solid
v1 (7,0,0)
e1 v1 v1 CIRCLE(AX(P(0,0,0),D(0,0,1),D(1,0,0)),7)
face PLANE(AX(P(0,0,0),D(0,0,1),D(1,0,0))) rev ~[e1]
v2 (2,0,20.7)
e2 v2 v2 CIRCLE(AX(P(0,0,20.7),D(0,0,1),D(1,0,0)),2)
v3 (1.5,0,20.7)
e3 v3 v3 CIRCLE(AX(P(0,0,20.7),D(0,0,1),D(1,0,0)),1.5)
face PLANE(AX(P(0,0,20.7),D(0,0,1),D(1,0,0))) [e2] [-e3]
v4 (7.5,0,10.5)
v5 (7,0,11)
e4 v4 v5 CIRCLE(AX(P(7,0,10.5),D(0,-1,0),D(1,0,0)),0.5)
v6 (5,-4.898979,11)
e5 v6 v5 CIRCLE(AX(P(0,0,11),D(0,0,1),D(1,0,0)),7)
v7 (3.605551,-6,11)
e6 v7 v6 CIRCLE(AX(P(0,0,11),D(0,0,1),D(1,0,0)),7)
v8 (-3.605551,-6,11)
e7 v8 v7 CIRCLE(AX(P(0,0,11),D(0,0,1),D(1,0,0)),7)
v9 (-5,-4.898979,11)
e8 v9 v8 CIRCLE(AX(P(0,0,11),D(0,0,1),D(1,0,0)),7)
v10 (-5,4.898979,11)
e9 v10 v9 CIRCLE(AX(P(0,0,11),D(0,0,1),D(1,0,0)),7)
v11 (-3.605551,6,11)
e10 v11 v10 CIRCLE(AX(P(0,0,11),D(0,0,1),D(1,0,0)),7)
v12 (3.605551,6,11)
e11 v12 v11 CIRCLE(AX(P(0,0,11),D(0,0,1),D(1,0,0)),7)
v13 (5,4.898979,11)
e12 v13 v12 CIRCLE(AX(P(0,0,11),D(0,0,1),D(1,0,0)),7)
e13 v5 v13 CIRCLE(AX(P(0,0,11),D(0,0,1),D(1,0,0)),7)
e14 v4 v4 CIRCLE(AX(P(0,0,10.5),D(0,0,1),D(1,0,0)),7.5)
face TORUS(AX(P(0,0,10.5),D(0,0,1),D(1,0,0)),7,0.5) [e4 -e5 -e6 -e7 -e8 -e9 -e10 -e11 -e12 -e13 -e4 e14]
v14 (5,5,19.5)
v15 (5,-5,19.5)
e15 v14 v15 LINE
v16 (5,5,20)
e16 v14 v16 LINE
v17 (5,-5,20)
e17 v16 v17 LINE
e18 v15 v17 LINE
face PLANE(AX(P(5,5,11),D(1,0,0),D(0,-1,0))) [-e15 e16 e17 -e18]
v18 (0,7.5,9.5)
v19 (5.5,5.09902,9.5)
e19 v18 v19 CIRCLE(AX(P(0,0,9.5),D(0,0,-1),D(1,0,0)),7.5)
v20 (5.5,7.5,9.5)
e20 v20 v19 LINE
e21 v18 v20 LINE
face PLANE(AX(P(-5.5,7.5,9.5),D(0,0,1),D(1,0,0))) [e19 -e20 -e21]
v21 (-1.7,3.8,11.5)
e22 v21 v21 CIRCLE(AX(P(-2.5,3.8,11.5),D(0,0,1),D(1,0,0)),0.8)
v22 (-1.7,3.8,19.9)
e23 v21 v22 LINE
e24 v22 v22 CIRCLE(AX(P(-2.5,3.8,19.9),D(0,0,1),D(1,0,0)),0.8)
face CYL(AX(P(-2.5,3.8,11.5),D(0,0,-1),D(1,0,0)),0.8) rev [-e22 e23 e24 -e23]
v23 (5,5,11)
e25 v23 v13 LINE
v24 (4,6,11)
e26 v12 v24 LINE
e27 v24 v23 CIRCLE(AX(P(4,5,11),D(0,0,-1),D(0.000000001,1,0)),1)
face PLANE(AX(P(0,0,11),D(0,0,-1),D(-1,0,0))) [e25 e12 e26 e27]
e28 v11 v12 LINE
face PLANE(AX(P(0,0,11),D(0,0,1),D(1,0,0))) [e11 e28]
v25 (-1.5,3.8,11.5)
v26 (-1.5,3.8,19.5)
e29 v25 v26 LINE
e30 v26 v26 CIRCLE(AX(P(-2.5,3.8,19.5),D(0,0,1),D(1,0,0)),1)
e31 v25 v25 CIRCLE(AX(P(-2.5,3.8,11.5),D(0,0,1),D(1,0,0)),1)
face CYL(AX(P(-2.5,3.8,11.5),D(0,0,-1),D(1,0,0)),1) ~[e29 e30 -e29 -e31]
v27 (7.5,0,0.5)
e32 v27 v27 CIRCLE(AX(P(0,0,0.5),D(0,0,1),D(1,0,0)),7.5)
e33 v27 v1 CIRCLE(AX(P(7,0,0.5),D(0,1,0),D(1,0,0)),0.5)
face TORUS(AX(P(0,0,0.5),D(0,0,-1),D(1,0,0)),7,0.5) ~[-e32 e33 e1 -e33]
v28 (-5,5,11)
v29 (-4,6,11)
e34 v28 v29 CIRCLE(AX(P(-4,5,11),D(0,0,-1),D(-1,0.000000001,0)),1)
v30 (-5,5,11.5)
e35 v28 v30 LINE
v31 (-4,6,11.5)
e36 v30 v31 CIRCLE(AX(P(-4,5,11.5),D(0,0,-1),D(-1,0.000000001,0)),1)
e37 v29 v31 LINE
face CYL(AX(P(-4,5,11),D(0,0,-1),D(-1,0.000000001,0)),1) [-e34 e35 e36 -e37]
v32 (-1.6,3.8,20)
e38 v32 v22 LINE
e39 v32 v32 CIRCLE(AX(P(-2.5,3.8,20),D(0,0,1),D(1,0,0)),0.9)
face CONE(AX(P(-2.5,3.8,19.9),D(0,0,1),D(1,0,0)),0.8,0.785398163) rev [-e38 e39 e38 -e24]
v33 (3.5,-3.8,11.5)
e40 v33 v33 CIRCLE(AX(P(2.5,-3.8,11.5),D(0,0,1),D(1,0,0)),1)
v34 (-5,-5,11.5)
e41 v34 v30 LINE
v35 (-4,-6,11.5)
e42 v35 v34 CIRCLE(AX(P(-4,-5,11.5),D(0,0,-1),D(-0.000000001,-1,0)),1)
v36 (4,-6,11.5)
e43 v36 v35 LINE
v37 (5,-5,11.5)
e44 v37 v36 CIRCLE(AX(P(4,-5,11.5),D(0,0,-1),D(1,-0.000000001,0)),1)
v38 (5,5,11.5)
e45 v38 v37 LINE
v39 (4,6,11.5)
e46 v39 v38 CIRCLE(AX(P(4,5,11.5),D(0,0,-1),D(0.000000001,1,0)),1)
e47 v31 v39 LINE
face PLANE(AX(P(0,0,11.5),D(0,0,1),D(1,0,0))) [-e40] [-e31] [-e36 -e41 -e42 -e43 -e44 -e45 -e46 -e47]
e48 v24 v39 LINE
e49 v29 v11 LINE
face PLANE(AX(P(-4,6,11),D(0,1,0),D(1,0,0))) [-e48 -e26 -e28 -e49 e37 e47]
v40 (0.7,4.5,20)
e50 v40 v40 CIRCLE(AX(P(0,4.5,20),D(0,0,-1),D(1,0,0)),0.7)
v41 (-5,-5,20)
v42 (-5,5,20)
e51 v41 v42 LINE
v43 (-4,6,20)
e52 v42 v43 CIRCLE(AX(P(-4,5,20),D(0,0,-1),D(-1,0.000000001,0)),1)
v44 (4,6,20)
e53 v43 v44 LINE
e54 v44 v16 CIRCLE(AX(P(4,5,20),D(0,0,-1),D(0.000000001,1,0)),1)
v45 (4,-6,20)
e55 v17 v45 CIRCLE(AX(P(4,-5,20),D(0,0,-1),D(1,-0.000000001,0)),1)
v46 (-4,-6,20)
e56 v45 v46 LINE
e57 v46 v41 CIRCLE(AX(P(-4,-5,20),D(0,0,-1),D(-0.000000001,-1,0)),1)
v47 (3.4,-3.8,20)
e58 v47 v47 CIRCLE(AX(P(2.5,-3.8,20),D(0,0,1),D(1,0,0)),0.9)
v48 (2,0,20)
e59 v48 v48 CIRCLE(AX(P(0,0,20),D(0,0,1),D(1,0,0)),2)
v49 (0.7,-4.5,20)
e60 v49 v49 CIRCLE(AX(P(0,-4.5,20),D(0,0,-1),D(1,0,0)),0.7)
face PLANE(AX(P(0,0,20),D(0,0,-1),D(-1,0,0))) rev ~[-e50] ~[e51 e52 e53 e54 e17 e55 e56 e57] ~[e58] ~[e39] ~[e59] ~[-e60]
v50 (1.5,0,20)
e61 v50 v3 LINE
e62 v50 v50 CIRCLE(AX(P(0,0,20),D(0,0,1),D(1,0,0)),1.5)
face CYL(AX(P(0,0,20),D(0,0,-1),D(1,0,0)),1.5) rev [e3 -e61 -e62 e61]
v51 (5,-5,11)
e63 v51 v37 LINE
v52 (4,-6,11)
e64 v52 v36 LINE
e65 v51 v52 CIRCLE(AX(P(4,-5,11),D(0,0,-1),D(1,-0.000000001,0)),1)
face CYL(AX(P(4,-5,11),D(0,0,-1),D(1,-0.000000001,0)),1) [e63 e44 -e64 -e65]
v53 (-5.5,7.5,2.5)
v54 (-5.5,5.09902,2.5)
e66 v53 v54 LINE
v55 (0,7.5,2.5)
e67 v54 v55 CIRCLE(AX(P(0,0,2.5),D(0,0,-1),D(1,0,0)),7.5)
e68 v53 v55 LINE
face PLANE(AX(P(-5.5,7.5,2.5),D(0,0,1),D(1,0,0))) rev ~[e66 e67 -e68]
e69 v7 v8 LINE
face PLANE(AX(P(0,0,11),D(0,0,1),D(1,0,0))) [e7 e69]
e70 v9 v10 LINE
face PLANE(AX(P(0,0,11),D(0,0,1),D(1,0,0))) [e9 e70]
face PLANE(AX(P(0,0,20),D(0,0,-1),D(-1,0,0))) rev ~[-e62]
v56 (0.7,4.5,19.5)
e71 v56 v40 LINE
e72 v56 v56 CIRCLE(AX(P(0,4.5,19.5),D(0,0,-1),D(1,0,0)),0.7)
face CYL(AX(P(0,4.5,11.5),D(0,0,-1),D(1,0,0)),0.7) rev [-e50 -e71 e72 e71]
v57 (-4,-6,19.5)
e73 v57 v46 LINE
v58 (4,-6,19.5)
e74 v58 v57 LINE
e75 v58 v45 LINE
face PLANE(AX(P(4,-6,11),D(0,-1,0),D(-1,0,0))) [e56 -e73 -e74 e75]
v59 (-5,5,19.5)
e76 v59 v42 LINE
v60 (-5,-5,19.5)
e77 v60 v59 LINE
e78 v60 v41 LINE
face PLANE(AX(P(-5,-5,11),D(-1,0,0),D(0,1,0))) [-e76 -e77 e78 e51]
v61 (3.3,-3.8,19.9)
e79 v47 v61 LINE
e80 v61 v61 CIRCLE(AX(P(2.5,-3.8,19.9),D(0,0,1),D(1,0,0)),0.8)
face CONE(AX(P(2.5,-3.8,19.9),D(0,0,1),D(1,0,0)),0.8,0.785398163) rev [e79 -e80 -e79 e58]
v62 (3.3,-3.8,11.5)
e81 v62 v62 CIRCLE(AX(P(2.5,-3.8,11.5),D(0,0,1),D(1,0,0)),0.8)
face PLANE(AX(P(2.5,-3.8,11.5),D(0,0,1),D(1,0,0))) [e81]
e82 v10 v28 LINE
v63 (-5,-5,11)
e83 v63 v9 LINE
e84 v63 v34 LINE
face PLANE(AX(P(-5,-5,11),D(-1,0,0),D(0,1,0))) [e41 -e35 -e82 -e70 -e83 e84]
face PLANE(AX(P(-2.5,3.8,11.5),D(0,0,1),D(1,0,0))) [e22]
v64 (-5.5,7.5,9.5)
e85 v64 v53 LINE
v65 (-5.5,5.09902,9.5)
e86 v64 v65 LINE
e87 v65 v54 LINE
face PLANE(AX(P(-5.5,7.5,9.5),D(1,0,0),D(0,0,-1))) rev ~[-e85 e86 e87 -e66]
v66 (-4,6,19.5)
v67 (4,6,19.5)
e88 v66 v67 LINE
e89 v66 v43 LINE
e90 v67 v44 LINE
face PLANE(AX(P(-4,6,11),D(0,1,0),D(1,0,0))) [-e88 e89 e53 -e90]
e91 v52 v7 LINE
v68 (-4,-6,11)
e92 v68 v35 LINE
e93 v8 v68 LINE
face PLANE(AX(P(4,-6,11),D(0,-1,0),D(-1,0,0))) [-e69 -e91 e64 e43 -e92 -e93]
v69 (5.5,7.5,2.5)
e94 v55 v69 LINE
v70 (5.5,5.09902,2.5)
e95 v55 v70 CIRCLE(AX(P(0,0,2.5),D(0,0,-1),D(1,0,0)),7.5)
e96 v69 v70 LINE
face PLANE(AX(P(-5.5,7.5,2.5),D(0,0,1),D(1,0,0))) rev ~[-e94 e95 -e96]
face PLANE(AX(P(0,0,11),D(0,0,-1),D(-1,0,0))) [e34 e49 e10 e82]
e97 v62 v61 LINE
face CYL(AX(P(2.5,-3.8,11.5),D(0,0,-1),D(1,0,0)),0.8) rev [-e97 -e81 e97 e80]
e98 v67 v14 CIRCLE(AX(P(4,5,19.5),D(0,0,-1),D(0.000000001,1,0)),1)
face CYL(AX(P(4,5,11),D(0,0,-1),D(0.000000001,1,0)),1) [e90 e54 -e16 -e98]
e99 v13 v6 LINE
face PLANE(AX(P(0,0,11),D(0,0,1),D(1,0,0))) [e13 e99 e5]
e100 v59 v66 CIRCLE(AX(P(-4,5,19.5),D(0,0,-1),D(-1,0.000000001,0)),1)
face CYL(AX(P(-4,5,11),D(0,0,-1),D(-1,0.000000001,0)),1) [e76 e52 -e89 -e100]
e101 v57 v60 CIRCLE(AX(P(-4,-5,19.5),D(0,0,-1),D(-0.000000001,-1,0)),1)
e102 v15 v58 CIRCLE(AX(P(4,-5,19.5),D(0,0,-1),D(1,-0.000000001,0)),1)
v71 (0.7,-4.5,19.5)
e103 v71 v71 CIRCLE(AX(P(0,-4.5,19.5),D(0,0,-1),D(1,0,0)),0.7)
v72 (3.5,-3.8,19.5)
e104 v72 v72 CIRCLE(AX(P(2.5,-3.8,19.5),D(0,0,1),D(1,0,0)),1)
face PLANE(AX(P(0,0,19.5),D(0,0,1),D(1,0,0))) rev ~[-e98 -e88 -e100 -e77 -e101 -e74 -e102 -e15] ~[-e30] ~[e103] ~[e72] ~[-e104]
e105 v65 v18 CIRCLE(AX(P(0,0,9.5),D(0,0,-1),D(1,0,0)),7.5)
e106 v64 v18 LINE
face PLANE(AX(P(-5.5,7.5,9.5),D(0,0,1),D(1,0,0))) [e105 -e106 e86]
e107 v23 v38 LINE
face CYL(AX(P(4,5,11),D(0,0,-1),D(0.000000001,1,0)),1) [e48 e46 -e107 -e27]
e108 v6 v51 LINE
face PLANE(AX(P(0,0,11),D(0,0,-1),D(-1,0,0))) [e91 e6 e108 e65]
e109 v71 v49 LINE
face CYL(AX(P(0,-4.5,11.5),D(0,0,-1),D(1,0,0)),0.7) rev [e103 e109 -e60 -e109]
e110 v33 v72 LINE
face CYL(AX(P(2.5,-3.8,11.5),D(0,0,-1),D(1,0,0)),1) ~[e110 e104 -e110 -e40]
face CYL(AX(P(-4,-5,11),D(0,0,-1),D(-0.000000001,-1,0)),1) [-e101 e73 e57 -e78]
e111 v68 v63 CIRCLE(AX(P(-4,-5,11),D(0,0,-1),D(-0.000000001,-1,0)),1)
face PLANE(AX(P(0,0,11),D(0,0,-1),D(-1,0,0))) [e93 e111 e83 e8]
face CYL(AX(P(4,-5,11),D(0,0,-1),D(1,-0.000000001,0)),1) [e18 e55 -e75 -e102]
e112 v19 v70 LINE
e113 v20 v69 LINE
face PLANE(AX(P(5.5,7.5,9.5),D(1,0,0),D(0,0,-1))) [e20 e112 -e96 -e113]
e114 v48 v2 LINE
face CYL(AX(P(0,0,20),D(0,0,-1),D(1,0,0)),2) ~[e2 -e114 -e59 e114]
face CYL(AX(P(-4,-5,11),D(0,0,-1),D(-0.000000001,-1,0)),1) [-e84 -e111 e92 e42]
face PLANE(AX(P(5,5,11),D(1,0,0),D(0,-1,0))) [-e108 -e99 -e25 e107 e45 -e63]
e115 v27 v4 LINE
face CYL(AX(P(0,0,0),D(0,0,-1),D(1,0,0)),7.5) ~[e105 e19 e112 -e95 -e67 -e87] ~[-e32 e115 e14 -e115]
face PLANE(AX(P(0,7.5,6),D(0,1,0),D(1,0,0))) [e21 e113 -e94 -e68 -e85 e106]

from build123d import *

# Parameters (mm, degrees)
SKETCH1_R           = 7.5
BOSS_EXTRUDE1_DEPTH = 11
FILLET1_R           = 0.5
BOSS_EXTRUDE2_DEPTH = 9
SKETCH3_W           = 20
SKETCH3_H           = 20
CUT_EXTRUDE4_DEPTH  = 4
SKETCH5_R           = 1
BOSS_EXTRUDE3_DEPTH = 8
SKETCH5_3_R         = 0.7
CUT_EXTRUDE5_DEPTH  = 10
SKETCH5_4_R         = 0.8
CUT_EXTRUDE6_DEPTH  = 8.5
SKETCH6_R           = 2
SKETCH6_R_2         = 1.5
BOSS_EXTRUDE4_DEPTH = 0.7
CHAMFER1_SIZE       = 0.1
SKETCH9_W           = 11
SKETCH9_H           = 7
BOSS_EXTRUDE6_DEPTH = 3


with BuildPart() as part:
    # Sketch1 → Boss-Extrude1 (new body)
    with BuildSketch(Plane.XY):
        Circle(SKETCH1_R)
    extrude(amount=BOSS_EXTRUDE1_DEPTH)

    # Fillet1
    fillet1_edges = [part.edges().sort_by_distance(p)[0] for p in [
        (-7.5, 0, 0),
        (-7.5, 0, 11),
    ]]
    fillet(fillet1_edges, radius=FILLET1_R)

    # Sketch2 → Boss-Extrude2 (add)
    with BuildSketch(Plane.XY.offset(11)):
        with BuildLine():
            Line((-4, 6), (4, 6))
            ThreePointArc((4, 6), (4.707106781, 5.707106781), (5, 5))
            Line((5, 5), (5, -5))
            ThreePointArc((5, -5), (4.707106781, -5.707106781), (4, -6))
            Line((4, -6), (-4, -6))
            ThreePointArc((-4, -6), (-4.707106781, -5.707106781), (-5, -5))
            Line((-5, -5), (-5, 5))
            ThreePointArc((-5, 5), (-4.707106781, 5.707106781), (-4, 6))
        make_face()
    extrude(amount=BOSS_EXTRUDE2_DEPTH)

    # Sketch3 → Cut-Extrude4 (cut, symmetric)
    with BuildSketch(Plane.XY.offset(15.5)):
        Rectangle(SKETCH3_W, SKETCH3_H)
    extrude(amount=CUT_EXTRUDE4_DEPTH, both=True, mode=Mode.SUBTRACT)


with BuildPart() as cut_extrude4_piece_1:
    # of the separate pieces the step leaves, piece 1, a body of its own (cut_extrude4_pieces)
    add(part.part.solids().sort_by_distance((7.5, 0, 0.5))[0])



with BuildPart() as cut_extrude4_piece_2:
    # of the separate pieces the step leaves, piece 2, a body of its own (cut_extrude4_pieces)
    add(part.part.solids().sort_by_distance((5, -5, 19.5))[0])


with BuildPart() as cut_extrude4_piece_1_1:
    add(cut_extrude4_piece_1.part)

    add(cut_extrude4_piece_2.part)  # Boss-Extrude3 merges Cut-Extrude4 piece 2
    # Sketch5 → Boss-Extrude3 (add)
    with BuildSketch(Plane.XY.offset(11.5)):
        with Locations((-2.5, 3.8)):
            Circle(SKETCH5_R)
        with Locations((2.5, -3.8)):
            Circle(SKETCH5_R)
    extrude(amount=BOSS_EXTRUDE3_DEPTH)

    # Sketch5<3> → Cut-Extrude5 (cut)
    with BuildSketch(Plane.XY.offset(11.5)):
        with Locations((0, 4.5)):
            Circle(SKETCH5_3_R)
        with Locations((0, -4.5)):
            Circle(SKETCH5_3_R)
    extrude(amount=CUT_EXTRUDE5_DEPTH, mode=Mode.SUBTRACT)

    # Sketch5<4> → Cut-Extrude6 (cut)
    with BuildSketch(Plane.XY.offset(11.5)):
        with Locations((-2.5, 3.8)):
            Circle(SKETCH5_4_R)
        with Locations((2.5, -3.8)):
            Circle(SKETCH5_4_R)
    extrude(amount=CUT_EXTRUDE6_DEPTH, mode=Mode.SUBTRACT)

    # Sketch6 → Boss-Extrude4 (add)
    with BuildSketch(Plane.XY.offset(20)):
        Circle(SKETCH6_R)
        Circle(SKETCH6_R_2, mode=Mode.SUBTRACT)
    extrude(amount=BOSS_EXTRUDE4_DEPTH)

    # Chamfer1
    chamfer1_edges = [cut_extrude4_piece_1_1.edges().sort_by_distance(p)[0] for p in [
        (-3.3, 3.8, 20),
        (1.7, -3.8, 20),
    ]]
    chamfer(chamfer1_edges, length=CHAMFER1_SIZE)

    # Sketch9 → Boss-Extrude6 (add)
    with BuildSketch(Plane(origin=(0, 7.5, 0), x_dir=(1, 0, 0), z_dir=(0, 1, 0))):
        with Locations((0, -6)):
            Rectangle(SKETCH9_W, SKETCH9_H)
    extrude(amount=-BOSS_EXTRUDE6_DEPTH)


solid = cut_extrude4_piece_1_1.part
